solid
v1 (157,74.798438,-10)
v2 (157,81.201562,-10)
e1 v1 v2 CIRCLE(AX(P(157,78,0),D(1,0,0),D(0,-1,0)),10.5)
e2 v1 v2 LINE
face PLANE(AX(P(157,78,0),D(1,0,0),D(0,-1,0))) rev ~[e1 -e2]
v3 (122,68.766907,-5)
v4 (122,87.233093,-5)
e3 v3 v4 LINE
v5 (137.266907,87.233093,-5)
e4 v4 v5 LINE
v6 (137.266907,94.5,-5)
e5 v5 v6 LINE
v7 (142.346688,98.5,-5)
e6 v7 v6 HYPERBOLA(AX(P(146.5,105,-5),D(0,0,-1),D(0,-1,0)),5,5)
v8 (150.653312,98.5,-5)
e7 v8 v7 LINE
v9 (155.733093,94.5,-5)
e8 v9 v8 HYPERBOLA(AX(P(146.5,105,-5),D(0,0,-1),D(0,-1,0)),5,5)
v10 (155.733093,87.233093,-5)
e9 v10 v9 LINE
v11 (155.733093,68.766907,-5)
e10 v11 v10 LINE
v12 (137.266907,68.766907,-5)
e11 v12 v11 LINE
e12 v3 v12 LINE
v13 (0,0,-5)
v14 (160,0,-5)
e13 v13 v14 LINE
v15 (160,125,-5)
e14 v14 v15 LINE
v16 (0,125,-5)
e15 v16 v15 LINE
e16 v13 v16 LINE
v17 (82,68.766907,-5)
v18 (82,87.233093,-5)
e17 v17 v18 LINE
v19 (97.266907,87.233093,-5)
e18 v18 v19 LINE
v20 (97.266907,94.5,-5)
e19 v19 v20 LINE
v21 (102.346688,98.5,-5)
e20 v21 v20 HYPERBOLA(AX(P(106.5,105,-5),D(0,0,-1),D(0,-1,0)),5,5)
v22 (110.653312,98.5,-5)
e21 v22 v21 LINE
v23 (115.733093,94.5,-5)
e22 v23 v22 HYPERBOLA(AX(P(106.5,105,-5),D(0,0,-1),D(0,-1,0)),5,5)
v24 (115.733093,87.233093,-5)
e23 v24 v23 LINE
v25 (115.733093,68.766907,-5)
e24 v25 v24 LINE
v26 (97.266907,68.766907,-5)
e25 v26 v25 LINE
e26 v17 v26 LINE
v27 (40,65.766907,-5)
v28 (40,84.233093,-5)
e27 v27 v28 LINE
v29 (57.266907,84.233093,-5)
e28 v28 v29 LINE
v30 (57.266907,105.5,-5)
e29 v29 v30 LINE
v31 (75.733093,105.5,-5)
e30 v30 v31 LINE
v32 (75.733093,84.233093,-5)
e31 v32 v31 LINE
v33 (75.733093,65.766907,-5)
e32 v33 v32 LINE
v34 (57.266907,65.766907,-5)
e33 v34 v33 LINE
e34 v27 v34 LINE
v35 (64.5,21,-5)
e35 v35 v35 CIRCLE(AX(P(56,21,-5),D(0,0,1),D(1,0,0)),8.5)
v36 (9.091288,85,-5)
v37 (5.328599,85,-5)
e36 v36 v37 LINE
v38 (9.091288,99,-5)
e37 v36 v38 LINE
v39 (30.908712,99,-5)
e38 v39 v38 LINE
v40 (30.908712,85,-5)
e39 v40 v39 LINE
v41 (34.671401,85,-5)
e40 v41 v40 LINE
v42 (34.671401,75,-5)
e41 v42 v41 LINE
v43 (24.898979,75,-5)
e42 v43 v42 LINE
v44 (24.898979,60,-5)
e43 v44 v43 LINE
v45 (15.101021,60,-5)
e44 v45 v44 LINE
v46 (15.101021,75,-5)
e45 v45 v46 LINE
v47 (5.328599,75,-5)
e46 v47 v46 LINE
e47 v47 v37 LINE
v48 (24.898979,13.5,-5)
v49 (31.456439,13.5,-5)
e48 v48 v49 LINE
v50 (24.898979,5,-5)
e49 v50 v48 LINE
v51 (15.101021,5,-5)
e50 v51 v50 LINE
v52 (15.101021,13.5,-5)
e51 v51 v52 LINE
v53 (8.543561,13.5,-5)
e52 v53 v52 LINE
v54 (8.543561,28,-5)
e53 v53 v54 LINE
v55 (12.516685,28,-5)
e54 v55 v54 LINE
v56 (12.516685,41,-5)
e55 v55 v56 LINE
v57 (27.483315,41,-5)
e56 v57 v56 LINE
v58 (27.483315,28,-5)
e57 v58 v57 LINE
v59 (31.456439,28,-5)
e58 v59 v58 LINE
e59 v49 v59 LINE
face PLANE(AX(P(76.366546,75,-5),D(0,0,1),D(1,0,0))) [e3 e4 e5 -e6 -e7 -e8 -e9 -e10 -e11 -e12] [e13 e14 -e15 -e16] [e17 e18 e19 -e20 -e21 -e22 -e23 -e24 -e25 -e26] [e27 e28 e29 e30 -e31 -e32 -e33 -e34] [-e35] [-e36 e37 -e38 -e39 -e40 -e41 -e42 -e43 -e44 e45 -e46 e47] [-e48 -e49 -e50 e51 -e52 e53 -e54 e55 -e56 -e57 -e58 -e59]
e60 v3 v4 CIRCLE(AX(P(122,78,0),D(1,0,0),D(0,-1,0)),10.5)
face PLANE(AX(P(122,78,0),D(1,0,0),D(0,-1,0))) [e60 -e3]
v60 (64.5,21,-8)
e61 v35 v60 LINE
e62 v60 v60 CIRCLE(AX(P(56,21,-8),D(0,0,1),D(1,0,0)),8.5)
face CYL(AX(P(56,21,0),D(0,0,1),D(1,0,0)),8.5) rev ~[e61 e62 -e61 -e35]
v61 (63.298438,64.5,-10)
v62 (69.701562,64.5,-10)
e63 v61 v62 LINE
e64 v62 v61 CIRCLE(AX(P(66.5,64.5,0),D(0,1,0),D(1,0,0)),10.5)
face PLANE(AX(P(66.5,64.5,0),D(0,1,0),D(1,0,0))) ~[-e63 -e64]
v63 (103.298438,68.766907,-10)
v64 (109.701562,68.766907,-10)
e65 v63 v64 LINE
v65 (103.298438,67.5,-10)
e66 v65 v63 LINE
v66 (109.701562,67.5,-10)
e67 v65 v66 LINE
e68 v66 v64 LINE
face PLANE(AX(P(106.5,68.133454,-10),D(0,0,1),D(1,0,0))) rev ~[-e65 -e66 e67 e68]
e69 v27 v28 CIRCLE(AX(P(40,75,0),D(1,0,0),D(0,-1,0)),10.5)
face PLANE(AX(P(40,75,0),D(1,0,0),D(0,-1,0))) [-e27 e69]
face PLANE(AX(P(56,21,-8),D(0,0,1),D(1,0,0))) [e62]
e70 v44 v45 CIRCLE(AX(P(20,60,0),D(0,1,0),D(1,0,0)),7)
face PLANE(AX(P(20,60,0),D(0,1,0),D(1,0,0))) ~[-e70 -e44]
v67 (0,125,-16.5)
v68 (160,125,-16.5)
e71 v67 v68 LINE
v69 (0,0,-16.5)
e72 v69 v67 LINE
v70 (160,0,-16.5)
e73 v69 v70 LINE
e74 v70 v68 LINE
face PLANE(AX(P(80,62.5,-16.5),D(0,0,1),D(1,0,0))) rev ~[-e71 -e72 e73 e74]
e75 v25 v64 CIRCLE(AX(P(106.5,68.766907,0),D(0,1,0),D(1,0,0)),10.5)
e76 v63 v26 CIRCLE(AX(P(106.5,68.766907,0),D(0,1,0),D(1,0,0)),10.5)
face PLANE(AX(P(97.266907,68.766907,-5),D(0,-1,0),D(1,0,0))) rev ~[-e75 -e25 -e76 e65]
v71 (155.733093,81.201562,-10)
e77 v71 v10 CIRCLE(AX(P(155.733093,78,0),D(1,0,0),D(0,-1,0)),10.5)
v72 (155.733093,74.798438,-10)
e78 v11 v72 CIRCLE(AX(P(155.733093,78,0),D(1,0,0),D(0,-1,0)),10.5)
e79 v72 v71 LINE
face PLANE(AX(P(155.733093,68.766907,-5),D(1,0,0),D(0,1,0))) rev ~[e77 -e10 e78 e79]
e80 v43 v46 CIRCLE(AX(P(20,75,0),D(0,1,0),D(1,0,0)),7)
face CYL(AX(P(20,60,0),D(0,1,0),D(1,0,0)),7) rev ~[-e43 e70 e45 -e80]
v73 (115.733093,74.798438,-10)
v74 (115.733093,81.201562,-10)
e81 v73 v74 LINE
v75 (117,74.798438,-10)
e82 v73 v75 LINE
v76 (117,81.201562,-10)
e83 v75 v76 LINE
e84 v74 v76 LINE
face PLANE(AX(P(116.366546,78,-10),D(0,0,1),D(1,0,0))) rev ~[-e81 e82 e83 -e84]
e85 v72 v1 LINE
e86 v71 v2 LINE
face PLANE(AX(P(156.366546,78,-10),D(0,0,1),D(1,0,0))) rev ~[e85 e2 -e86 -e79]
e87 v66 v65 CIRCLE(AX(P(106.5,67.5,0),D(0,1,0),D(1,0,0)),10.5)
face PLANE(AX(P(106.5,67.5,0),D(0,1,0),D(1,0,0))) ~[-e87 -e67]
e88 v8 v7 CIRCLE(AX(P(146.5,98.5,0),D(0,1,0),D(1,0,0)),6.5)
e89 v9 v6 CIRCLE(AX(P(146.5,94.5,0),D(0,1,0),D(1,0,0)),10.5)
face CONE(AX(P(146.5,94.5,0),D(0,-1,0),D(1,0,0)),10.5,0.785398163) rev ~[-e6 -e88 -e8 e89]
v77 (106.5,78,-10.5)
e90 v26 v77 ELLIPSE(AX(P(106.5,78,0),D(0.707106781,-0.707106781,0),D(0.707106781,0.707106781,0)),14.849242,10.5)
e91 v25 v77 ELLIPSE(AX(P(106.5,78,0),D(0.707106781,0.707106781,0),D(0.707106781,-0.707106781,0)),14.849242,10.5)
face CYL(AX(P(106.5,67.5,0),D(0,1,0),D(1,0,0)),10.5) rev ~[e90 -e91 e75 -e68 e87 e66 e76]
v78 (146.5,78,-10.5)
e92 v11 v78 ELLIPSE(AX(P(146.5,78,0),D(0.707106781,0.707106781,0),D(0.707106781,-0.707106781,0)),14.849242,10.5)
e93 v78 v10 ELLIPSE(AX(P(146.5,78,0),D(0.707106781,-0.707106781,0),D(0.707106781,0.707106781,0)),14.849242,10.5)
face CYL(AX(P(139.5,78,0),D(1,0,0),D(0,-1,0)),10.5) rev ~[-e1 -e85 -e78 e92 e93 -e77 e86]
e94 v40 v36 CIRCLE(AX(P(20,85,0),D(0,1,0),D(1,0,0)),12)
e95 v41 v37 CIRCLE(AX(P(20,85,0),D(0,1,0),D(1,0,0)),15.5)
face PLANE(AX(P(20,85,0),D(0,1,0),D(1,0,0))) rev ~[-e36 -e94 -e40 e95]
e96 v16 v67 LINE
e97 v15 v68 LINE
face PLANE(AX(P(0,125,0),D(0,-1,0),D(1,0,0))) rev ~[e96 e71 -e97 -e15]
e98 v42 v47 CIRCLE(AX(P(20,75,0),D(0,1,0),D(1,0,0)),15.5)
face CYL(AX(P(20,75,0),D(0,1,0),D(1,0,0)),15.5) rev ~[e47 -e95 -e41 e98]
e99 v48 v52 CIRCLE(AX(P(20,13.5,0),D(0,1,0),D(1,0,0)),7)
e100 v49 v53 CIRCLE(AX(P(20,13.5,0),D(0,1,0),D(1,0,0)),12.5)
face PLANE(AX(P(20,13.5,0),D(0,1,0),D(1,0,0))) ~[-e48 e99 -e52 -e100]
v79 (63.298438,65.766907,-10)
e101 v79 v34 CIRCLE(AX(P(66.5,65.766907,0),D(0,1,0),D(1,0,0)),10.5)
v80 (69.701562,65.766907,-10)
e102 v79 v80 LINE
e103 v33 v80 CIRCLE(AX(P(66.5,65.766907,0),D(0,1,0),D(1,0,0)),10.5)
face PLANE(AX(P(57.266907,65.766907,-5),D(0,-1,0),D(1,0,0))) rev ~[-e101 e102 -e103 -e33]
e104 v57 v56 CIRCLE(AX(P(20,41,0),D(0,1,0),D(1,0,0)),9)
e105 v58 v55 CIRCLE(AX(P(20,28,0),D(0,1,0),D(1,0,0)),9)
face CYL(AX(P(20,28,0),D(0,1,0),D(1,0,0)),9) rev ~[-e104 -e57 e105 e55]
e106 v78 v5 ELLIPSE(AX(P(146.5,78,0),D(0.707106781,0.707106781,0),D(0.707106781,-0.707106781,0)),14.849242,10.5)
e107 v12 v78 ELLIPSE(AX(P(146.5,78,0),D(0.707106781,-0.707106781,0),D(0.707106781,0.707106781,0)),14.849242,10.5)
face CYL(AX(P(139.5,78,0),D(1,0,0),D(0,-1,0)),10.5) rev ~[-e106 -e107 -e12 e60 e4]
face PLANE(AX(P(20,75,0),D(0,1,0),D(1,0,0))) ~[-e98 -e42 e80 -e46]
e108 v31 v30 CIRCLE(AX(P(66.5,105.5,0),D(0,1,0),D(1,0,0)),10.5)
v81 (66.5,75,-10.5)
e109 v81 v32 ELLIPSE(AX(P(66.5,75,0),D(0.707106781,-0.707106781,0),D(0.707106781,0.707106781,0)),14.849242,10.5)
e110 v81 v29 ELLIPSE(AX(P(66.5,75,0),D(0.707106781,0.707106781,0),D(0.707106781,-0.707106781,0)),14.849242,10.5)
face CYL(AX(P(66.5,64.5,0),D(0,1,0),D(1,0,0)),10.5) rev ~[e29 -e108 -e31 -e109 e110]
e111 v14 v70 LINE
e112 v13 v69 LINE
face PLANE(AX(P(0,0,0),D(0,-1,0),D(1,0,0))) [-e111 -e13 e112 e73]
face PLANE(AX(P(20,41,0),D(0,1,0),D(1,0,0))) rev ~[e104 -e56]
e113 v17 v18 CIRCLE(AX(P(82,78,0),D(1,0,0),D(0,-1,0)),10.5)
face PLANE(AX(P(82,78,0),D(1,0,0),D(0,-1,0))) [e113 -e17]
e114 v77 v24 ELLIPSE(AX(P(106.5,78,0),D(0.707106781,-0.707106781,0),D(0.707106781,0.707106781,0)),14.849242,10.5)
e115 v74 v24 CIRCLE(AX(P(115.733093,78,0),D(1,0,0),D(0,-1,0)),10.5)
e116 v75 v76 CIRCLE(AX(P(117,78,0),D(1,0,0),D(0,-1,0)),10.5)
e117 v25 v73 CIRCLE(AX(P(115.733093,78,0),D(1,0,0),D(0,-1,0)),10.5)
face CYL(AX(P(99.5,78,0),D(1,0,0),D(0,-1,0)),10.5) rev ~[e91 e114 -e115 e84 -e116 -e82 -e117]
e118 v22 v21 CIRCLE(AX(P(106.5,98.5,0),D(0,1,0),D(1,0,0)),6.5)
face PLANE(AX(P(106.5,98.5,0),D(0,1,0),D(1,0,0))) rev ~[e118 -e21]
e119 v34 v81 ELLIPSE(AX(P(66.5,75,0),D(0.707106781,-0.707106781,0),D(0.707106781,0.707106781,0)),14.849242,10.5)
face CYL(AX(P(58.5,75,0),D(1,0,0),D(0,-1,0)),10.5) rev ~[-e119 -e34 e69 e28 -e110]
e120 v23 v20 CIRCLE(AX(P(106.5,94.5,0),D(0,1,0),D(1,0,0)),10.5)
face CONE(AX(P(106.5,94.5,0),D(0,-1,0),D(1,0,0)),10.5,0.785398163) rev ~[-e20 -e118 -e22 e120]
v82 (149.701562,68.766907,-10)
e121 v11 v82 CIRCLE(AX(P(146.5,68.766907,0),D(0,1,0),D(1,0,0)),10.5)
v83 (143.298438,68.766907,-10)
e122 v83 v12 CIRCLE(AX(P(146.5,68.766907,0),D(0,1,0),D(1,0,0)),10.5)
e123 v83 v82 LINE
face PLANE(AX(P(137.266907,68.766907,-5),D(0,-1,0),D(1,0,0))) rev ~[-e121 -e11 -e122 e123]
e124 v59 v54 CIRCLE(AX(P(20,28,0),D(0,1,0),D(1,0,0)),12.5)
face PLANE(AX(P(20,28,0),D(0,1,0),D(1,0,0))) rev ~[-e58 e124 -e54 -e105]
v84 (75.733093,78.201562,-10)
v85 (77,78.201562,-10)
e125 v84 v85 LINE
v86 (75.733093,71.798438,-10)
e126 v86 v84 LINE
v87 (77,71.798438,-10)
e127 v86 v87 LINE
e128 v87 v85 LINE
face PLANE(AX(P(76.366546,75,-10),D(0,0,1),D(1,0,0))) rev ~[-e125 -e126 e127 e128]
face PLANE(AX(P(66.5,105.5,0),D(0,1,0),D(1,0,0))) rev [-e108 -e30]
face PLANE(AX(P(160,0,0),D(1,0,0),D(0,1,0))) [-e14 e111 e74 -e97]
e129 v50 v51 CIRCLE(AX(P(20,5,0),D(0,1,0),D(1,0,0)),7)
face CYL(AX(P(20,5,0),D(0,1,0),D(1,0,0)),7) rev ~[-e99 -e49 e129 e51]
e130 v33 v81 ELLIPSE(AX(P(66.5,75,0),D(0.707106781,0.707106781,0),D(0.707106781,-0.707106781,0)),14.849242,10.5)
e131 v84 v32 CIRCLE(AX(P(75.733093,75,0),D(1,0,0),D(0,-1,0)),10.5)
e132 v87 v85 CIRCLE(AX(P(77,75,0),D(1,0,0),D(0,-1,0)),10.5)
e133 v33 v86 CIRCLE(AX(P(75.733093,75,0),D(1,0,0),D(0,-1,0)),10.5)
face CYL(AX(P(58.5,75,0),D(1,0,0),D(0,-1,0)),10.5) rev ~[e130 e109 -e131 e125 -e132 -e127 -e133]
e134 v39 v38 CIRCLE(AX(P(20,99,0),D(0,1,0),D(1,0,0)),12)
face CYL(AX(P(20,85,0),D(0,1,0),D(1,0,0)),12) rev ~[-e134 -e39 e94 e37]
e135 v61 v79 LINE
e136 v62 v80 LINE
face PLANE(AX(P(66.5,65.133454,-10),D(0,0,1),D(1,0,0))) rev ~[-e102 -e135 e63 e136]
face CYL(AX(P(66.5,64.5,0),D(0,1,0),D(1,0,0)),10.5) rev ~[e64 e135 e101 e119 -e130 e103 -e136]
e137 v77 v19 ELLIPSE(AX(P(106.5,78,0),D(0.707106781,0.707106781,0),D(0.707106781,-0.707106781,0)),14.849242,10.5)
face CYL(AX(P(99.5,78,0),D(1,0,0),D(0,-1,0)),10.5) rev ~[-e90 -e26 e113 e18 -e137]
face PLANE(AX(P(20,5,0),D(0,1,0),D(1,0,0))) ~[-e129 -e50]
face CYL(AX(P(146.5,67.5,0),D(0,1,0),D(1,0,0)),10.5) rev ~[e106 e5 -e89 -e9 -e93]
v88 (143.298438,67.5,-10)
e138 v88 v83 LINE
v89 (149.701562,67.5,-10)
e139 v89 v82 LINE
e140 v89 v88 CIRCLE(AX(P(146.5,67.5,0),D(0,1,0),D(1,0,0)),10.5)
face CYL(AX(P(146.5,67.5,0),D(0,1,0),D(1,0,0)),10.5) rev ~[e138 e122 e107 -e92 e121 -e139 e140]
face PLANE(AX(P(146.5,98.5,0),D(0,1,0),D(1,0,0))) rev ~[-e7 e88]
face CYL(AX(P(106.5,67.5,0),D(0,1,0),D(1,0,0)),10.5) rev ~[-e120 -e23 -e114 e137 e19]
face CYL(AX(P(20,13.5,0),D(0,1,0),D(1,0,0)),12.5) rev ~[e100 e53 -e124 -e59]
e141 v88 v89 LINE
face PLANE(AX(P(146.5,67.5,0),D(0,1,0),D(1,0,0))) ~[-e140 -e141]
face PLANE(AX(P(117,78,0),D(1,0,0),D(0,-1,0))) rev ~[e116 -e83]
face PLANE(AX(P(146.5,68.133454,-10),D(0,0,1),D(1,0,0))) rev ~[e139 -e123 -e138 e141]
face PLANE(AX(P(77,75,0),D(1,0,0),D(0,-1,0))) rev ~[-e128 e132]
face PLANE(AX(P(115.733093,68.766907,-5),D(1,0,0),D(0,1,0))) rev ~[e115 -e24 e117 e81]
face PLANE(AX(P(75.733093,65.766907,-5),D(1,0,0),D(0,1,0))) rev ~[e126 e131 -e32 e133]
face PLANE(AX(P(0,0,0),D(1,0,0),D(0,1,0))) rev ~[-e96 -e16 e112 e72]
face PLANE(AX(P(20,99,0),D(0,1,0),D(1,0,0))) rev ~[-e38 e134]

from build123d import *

# Parameters (mm, degrees)
F0_W      = 160
F0_H      = 125
F1_DEPTH  = 16.5
F4_W      = 37
F4_H      = 10.5
F6_W      = 10.5
F6_H      = 20
F6_H_2    = 21
F8_W      = 35
F8_H      = 10.5
F10_W     = 10.5
F10_H     = 21
F12_W     = 10.5
F12_H     = 21
F16_R     = 8.5
F17_DEPTH = 8
F18_W     = 160
F18_H     = 5
F19_DEPTH = 160
F20_W     = 1.2669073437
F20_H     = 18.4661853126
F20_W_2   = 18.4661853126
F20_H_2   = 1.2669073437
F21_DEPTH = 5


with BuildPart() as f1:
    # F0 (on Top) → F1 (new body)
    with BuildSketch(Plane.XY):
        with Locations((80, 62.5)):
            Rectangle(F0_W, F0_H)
    extrude(amount=-F1_DEPTH)

    # F2 (on face) → F3 (revolve, cut)
    with BuildSketch(Plane.XY):
        Polygon((20, 75), (20, 60), (27, 60), (27, 75), (35.5, 75), (35.5, 85), (32, 85), (32, 99), (24.5, 99), (24.5, 113), (20, 113), (20, 99), (20, 85), align=None)
    revolve(axis=Axis((20, 92, 0), (0, 1, 0)), mode=Mode.SUBTRACT)

    # F4 (on face) → F5 (revolve, cut)
    with BuildSketch(Plane.XY):
        with Locations((58.5, 69.75)):
            Rectangle(F4_W, F4_H)
    revolve(axis=Axis((58.5, 75, 0), (1, 0, 0)), mode=Mode.SUBTRACT)

    # F6 (on face) → F7 (revolve, cut)
    with BuildSketch(Plane.XY):
        with Locations((71.75, 95.5)):
            Rectangle(F6_W, F6_H)
        with Locations((71.75, 75)):
            Rectangle(F6_W, F6_H_2)
    revolve(axis=Axis((66.5, 85, 0), (0, 1, 0)), mode=Mode.SUBTRACT)

    # F8 (on face) → F9 (revolve, cut)
    with BuildSketch(Plane.XY):
        with Locations((99.5, 72.75)):
            Rectangle(F8_W, F8_H)
        with Locations((139.5, 72.75)):
            Rectangle(F8_W, F8_H)
    revolve(axis=Axis((99.5, 78, 0), (1, 0, 0)), mode=Mode.SUBTRACT)

    # F10 (on face) → F11 (revolve, cut)
    with BuildSketch(Plane.XY):
        Polygon((106.5, 88.5), (117, 88.5), (117, 94.5), (113, 98.5), (106.5, 98.5), align=None)
        with Locations((111.75, 78)):
            Rectangle(F10_W, F10_H)
    revolve(axis=Axis((106.5, 83, 0), (0, 1, 0)), mode=Mode.SUBTRACT)

    # F12 (on face) → F13 (revolve, cut)
    with BuildSketch(Plane.XY):
        Polygon((146.5, 88.5), (157, 88.5), (157, 94.5), (153, 98.5), (146.5, 98.5), align=None)
        with Locations((151.75, 78)):
            Rectangle(F12_W, F12_H)
    revolve(axis=Axis((146.5, 83, 0), (0, 1, 0)), mode=Mode.SUBTRACT)

    # F14 (on face) → F15 (revolve, cut)
    with BuildSketch(Plane.XY):
        Polygon((20, 13.5), (20, 5), (27, 5), (27, 13.5), (32.5, 13.5), (32.5, 28), (29, 28), (29, 41), (20, 41), (20, 28), align=None)
    revolve(axis=Axis((20, 20.75, 0), (0, 1, 0)), mode=Mode.SUBTRACT)

    # F16 (on face) → F17 (cut)
    with BuildSketch(Plane.XY):
        with Locations((56, 21)):
            Circle(F16_R)
    extrude(amount=-F17_DEPTH, mode=Mode.SUBTRACT)

    # F18 (on face) → F19 (cut)
    with BuildSketch(Plane.XZ):
        with Locations((80, -2.5)):
            Rectangle(F18_W, F18_H)
    extrude(amount=-F19_DEPTH, mode=Mode.SUBTRACT)

    # F20 (on face) → F21 (join)
    with BuildSketch(Plane.XY.offset(-5)):
        with Locations((76.3665463282, 75)):
            Rectangle(F20_W, F20_H)
        with Locations((66.5, 65.1334536718)):
            Rectangle(F20_W_2, F20_H_2)
        with Locations((116.3665463282, 78)):
            Rectangle(F20_W, F20_H)
        with Locations((106.5, 68.1334536718)):
            Rectangle(F20_W_2, F20_H_2)
        with Locations((156.3665463282, 78)):
            Rectangle(F20_W, F20_H)
        with Locations((146.5, 68.1334536718)):
            Rectangle(F20_W_2, F20_H_2)
    extrude(amount=-F21_DEPTH)


solid = f1.part
